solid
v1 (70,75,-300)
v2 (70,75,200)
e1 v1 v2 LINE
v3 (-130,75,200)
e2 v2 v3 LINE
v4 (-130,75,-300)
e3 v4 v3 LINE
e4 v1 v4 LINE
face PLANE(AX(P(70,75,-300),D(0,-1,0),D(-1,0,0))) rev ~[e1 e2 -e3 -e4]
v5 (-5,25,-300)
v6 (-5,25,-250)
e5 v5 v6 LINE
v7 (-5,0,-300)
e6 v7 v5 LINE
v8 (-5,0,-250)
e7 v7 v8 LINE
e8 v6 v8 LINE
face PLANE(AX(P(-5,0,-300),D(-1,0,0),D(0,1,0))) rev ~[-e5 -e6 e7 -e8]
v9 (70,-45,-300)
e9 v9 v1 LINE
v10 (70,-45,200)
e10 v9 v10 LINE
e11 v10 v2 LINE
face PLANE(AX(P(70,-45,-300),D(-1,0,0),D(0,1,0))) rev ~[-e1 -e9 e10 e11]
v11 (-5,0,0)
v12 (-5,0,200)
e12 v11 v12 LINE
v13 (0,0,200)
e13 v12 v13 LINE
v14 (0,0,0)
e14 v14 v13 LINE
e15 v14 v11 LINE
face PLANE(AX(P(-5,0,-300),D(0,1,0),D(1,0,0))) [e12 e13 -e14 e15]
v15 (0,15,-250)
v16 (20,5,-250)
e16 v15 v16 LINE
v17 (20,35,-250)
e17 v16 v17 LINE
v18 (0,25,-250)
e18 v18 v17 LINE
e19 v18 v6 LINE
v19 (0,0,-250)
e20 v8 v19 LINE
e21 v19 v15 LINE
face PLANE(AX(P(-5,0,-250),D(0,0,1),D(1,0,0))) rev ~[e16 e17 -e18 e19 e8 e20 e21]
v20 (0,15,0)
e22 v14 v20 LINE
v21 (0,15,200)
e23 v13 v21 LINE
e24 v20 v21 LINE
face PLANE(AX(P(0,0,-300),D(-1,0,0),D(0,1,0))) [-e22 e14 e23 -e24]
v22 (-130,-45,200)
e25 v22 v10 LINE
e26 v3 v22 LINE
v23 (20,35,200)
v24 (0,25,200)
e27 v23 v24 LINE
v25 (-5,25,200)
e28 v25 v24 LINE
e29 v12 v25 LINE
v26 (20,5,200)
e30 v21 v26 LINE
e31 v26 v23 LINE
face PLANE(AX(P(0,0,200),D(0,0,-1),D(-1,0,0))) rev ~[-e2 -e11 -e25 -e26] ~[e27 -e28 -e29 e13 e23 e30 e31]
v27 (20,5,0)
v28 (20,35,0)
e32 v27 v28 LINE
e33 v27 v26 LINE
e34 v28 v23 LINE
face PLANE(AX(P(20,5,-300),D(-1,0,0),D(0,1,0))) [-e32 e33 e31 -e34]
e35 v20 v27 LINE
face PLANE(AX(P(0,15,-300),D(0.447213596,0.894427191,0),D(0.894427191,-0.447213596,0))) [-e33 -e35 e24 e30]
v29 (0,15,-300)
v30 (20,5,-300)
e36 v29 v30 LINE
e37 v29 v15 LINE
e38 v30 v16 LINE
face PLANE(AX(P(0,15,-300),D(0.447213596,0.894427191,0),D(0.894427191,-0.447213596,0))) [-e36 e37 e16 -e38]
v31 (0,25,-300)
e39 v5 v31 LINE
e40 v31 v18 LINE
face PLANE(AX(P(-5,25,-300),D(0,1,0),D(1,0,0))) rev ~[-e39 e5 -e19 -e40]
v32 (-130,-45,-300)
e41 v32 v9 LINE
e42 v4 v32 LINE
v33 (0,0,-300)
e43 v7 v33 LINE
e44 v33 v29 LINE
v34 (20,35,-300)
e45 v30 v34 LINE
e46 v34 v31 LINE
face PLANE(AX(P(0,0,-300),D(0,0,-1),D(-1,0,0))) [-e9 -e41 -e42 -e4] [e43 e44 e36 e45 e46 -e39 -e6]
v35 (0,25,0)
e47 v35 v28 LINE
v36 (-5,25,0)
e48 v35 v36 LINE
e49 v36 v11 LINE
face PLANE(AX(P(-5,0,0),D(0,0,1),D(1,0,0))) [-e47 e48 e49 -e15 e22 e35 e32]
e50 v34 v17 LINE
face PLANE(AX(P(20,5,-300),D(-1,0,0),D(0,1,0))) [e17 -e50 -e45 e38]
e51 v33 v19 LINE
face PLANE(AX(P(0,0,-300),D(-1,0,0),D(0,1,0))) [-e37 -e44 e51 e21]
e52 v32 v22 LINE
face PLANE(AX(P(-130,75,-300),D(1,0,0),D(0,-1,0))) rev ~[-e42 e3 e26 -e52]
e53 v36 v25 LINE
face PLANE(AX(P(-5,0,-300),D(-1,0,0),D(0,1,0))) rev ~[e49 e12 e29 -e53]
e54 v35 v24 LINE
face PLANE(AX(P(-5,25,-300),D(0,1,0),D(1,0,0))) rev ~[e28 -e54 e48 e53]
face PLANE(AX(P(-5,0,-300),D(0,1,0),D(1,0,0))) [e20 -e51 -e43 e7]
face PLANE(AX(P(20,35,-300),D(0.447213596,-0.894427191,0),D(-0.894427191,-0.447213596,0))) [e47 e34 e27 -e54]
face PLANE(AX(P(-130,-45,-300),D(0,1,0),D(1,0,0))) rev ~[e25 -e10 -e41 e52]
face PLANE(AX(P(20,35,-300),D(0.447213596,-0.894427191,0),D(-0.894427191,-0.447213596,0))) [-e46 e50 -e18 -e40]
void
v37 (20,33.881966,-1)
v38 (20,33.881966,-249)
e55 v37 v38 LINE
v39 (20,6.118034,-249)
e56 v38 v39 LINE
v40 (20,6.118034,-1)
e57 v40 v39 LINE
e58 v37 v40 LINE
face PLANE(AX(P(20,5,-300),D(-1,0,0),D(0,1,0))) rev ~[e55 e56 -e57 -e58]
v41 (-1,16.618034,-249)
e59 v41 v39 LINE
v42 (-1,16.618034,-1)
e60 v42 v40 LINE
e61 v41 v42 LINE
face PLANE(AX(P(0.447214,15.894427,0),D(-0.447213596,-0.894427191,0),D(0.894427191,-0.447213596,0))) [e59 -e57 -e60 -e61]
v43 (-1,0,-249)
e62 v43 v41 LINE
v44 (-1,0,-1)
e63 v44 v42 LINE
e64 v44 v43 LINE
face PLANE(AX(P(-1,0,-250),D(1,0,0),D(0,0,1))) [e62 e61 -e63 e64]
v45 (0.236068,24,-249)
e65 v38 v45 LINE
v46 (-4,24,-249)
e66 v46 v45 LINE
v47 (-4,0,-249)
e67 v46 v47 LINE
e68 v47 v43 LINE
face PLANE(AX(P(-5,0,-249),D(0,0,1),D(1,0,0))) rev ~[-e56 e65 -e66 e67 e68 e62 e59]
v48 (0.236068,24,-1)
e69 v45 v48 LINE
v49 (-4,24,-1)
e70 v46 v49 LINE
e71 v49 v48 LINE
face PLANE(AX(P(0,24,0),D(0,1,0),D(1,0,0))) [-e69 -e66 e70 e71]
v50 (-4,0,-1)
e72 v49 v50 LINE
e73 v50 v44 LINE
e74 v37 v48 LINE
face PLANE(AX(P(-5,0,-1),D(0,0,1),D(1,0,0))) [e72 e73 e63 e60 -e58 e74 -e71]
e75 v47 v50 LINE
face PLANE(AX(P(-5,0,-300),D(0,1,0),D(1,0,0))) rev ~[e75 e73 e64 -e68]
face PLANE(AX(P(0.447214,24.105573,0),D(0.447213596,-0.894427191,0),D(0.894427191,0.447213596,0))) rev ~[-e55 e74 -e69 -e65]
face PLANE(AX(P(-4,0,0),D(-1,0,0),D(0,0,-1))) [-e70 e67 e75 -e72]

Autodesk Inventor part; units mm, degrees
ref_plane "YZ Plane" through (0, 0, 0) normal (1, 0, 0) x (0, 1, 0)
ref_plane "XZ Plane" through (0, 0, 0) normal (0, 1, 0) x (-1, 0, 0)
ref_plane "XY Plane" through (0, 0, 0) normal (0, 0, 1) x (1, 0, 0)
sketch "草圖1" plane through (0, 0, 0) normal (0, 1, 0) x (-1, 0, 0)
  line L0 (0, 0) -> (5, 0)
  line L1 (5, 0) -> (5, -250)
  line L2 (5, -250) -> (0, -250)
  line L3 (0, -250) -> (0, 0)
  dimension "d0" = 5
  dimension "d1" = 250
extrude "擠出1" add sketch "草圖1" along normal blind 15
sketch "草圖3" plane through (0, 15, 0) normal (0, 1, 0) x (1, 0, 0)
  line L0 (0, 250) -> (-5, 250) projected
  line L1 (0, 0) -> (-5, 0)
  line L2 (-5, 0) -> (-5, 250)
  line L3 (-5, 250) -> (0, 250)
  line L4 (0, 250) -> (0, 0)
extrude "擠出3" add sketch "草圖3" along normal blind 10
sketch "草圖4" plane through (-5, 0, 0) normal (0, 0, 1) x (1, 0, 0)
  line L0 (5, 0) -> (5, 25) projected
  line L1 (0, 25) -> (5, 25) projected
  line L2 (5, 25) -> (0, 25) projected
  line L3 (5, 25) -> (25, 35)
  line L4 (5, 15) -> (25, 5)
  line L5 (25, 5) -> (25, 35)
  line L6 (0, 0) -> (5, 0) projected
  line L7 (0, 0) -> (0, 25) projected
  line L8 (-5, 0) -> (30, 0) projected
  dimension "d8" = 10
  dimension "d9" = 30
  dimension "d19" = 20
extrude "擠出4" add sketch "草圖4" against normal up to surface (250 mm away) contours L0 L3 L5 L4
shell "薄殼2" thickness 1 removed faces 2 at (20, 15, -83.3333) at (-1.6667, 0, -83.3333)
ref_plane "工作平面1" through (0, 0, -300) normal (0, 0, -1) x (-1, 0, 0)
sketch "草圖5" plane through (0, 0, -300) normal (0, 0, -1) x (-1, 0, 0)
  line L0 (5, 0) -> (0, 0) projected
  line L1 (0, 0) -> (0, 15) projected
  line L2 (0, 15) -> (-20, 5) projected
  line L3 (-20, 5) -> (-20, 35) projected
  line L4 (-20, 35) -> (0, 25) projected
  line L5 (5, 25) -> (0, 25) projected
  line L6 (5, 0) -> (5, 25) projected
  line L7 (130, -45) -> (-70, -45)
  line L8 (-70, -45) -> (-70, 75)
  line L9 (-70, 75) -> (130, 75)
  line L10 (130, 75) -> (130, -45)
  dimension "d25" = 200
  dimension "d26" = 120
  dimension "d27" = 50
  dimension "d28" = 50
extrude "擠出5" add sketch "草圖5" against normal blind 500
equation "\"d0\" = bottom_w"
equation "\"d1\" = bottom_l"
equation "\"d2\" = bottom_h"
equation "\"d6\" = nuzzle_lh"
equation "\"d8\" = nuzzle_lh"
equation "\"d9\" = 3 * nuzzle_lh"
equation "\"d15\" = nuzzle_lh"
equation "\"bottom_w\" = 5"
equation "\"bottom_l\" = 250"
equation "\"bottom_h\" = 15"
equation "\"nuzzle_lh\" = 10"
properties part number "nuzzle_v1_0310_fluent"
